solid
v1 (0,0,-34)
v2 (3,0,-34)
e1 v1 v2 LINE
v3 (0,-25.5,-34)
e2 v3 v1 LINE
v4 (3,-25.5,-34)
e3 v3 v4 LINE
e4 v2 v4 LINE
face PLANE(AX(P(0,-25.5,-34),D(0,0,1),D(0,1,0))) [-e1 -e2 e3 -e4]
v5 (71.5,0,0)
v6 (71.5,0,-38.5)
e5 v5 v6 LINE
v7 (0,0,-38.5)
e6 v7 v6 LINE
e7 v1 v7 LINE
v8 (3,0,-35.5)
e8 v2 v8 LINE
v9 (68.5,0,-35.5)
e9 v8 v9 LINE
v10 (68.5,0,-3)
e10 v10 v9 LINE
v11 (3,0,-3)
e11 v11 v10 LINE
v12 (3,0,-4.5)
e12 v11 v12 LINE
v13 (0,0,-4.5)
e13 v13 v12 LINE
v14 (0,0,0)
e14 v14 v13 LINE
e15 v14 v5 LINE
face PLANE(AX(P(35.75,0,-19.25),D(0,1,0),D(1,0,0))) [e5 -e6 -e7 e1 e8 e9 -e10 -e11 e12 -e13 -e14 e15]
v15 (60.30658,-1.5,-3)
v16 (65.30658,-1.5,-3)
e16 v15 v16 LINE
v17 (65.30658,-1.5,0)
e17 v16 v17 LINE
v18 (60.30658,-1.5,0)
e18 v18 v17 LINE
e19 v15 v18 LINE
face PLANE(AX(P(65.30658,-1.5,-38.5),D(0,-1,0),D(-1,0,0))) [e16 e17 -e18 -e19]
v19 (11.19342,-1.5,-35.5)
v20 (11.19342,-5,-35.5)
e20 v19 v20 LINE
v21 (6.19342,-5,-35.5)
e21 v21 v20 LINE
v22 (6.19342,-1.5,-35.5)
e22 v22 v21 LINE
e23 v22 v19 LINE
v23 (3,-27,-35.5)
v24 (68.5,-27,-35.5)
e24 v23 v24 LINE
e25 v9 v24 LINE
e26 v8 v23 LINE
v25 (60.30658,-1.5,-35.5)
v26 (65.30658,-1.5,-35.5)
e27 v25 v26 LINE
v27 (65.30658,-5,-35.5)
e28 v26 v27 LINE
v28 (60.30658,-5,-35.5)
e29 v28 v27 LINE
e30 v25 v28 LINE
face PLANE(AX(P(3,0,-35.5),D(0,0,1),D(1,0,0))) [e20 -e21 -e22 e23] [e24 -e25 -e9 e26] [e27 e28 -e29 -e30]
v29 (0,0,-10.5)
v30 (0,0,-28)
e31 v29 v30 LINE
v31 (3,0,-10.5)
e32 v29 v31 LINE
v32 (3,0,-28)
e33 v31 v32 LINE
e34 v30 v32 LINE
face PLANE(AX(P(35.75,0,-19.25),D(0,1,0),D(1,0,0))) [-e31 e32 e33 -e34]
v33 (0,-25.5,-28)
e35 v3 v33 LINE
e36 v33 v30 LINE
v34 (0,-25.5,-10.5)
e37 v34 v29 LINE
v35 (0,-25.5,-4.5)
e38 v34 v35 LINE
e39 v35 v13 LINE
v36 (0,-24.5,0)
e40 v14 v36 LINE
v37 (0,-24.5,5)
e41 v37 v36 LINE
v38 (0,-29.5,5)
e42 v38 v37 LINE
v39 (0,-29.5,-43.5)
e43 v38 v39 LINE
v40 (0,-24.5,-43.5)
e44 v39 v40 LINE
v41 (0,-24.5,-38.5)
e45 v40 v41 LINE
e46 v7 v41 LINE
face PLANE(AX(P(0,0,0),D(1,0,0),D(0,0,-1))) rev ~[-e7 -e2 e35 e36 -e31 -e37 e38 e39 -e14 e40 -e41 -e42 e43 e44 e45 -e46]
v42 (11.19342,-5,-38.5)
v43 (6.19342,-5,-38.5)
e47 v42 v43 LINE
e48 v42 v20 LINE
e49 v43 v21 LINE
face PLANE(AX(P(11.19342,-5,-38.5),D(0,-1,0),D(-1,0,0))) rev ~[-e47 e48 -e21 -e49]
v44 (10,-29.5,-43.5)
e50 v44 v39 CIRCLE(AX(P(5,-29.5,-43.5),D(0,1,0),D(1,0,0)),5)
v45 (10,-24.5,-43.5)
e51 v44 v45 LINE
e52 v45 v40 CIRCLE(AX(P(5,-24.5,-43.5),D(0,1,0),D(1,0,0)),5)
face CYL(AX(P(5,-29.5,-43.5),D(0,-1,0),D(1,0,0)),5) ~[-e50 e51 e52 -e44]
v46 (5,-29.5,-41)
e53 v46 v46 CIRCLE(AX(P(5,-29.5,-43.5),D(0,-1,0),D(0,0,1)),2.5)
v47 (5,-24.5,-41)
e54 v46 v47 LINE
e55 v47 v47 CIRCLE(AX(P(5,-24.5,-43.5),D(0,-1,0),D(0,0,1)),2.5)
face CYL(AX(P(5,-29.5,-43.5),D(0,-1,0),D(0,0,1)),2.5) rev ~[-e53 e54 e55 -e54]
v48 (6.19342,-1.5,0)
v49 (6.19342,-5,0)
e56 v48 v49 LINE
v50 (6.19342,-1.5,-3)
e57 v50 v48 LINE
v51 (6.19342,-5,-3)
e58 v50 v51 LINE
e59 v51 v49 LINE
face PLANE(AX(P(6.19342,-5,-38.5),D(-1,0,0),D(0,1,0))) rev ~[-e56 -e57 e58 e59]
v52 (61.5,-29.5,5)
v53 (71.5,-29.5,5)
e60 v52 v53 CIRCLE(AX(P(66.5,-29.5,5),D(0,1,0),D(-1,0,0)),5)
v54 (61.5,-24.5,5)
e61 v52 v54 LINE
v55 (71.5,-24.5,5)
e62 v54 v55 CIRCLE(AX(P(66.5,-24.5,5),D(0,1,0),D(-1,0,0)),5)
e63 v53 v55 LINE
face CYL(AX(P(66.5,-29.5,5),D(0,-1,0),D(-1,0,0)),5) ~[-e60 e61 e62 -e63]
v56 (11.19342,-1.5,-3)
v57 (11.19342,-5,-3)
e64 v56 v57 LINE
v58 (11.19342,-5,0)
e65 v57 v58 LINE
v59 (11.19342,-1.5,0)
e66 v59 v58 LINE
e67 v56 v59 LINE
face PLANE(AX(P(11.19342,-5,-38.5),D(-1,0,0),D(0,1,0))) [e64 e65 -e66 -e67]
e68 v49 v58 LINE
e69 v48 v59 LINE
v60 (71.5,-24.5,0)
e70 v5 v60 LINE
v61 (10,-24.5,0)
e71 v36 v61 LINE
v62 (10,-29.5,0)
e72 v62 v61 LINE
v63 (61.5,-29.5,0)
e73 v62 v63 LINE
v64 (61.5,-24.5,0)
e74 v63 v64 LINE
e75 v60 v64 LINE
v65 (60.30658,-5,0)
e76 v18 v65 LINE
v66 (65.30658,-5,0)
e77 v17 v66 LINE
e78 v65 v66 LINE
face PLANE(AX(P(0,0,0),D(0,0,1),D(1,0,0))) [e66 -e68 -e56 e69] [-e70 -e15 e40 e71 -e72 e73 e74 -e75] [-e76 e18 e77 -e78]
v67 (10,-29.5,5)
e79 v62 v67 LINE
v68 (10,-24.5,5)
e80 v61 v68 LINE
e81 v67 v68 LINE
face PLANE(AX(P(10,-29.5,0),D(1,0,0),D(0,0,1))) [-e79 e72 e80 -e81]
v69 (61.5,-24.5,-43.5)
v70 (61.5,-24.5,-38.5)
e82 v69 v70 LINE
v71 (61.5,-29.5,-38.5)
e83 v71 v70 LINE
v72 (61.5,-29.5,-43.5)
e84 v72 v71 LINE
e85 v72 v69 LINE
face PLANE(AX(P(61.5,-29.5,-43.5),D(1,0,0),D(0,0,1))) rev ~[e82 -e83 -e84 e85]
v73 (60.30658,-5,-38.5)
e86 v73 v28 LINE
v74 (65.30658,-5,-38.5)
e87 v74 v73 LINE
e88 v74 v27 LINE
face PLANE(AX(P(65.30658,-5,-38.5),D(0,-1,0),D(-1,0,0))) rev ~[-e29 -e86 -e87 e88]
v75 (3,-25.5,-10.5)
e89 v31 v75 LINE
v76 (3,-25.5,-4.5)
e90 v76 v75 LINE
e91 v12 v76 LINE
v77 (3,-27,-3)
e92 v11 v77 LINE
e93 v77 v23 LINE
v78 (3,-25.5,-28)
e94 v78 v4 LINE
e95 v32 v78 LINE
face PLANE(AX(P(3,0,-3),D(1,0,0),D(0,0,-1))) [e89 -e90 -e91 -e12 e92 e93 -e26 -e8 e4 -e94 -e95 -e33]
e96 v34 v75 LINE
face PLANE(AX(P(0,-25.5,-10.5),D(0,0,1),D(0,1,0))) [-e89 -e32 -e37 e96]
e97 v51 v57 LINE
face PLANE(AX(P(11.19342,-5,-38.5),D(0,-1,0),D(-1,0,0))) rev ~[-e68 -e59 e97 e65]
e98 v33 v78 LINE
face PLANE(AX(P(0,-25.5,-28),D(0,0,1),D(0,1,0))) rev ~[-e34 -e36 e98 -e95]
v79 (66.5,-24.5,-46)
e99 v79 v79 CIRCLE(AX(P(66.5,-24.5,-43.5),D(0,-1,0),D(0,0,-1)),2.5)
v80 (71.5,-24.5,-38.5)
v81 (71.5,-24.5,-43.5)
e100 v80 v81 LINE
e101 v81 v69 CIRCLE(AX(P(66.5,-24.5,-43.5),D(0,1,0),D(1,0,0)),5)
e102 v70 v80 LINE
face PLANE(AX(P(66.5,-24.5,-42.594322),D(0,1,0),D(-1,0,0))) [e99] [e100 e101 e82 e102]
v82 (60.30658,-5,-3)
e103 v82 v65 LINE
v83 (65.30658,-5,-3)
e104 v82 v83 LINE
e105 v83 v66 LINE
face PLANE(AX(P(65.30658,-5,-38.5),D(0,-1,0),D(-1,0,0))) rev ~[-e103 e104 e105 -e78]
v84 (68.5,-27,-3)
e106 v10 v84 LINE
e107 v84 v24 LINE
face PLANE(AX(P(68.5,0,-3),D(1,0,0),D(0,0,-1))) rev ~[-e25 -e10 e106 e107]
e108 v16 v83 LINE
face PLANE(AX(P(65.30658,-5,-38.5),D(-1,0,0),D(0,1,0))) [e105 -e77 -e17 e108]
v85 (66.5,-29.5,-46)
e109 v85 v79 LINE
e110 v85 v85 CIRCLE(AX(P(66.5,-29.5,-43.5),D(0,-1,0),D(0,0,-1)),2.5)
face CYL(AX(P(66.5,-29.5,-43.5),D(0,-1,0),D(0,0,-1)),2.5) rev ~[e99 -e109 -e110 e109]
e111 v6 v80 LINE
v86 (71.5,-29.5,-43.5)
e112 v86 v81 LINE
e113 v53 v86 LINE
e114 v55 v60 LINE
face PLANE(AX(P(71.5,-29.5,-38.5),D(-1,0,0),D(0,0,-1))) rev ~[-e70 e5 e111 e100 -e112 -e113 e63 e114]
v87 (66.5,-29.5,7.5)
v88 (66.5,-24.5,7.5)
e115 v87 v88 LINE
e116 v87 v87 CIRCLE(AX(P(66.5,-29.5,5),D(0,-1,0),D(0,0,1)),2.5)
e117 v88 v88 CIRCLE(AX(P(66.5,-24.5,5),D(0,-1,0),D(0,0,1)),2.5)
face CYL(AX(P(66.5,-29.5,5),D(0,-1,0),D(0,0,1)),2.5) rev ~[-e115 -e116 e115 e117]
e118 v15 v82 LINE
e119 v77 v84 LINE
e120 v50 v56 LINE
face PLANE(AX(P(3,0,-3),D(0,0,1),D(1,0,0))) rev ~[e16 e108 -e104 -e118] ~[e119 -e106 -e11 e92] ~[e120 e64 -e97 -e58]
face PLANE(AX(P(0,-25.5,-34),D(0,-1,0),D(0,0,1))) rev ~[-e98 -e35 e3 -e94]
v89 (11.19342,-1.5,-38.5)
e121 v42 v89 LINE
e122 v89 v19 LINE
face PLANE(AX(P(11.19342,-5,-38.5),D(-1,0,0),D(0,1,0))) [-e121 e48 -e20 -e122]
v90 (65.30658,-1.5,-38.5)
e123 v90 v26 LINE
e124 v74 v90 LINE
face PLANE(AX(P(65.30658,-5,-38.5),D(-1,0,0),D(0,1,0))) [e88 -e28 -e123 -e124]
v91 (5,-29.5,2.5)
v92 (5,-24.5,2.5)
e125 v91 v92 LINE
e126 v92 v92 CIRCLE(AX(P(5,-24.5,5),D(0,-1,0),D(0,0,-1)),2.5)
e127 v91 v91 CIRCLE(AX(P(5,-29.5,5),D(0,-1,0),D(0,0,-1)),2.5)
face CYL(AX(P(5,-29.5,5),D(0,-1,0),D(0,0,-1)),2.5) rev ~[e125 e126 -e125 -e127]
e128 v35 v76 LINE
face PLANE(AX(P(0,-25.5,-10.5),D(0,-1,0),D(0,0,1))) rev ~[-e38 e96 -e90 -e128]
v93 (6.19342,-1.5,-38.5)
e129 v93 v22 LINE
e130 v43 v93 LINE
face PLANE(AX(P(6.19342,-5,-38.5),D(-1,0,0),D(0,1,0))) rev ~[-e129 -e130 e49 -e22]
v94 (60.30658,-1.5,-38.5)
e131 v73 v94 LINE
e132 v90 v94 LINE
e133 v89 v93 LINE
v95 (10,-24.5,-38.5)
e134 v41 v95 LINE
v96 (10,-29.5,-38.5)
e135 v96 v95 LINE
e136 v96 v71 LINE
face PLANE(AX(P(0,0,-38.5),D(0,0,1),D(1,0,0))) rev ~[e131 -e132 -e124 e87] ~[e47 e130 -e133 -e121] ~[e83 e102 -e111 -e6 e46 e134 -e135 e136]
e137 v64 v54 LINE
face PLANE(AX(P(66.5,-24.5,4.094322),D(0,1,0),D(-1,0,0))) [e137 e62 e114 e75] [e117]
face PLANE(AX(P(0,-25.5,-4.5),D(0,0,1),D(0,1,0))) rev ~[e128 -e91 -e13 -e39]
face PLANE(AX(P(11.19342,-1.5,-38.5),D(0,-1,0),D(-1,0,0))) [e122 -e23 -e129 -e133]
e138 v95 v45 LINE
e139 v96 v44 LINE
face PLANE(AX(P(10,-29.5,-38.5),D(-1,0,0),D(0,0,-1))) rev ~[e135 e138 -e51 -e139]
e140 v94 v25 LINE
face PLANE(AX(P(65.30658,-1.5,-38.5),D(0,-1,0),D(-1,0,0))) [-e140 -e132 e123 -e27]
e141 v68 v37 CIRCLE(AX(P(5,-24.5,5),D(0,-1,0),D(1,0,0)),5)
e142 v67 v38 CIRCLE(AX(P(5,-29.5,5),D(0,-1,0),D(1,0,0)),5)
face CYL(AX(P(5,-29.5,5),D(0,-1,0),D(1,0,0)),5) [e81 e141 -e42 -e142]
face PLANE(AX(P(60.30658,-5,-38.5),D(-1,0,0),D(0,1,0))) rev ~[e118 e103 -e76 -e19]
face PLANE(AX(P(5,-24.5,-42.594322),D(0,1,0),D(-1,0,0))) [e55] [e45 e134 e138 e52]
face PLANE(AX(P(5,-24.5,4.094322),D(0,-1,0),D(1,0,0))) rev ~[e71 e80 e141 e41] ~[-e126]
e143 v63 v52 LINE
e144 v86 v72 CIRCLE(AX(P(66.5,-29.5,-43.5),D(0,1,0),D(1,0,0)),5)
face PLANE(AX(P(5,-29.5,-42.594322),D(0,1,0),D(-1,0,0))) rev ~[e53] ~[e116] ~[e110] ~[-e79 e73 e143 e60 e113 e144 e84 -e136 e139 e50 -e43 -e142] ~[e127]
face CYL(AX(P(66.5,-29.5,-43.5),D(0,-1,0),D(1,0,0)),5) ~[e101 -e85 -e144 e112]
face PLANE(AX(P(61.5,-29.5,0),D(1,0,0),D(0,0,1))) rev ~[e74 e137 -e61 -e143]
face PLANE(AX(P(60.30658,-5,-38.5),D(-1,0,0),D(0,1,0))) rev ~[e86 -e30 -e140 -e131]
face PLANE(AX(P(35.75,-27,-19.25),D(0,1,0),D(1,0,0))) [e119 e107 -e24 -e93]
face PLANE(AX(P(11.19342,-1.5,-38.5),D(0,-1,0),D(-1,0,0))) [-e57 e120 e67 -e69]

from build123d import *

# Parameters (mm, degrees)
SKETCH1_W           = 71.5
SKETCH1_H           = 38.5
BOSS_EXTRUDE1_DEPTH = 29.5
SKETCH1_4_W         = 65.5
SKETCH1_4_H         = 32.5
CUT_EXTRUDE1_DEPTH  = 27
SKETCH3_W           = 6
SKETCH3_H           = 25.5
CUT_EXTRUDE2_DEPTH  = 29
BOSS_EXTRUDE3_DEPTH = 5
BOSS_EXTRUDE4_DEPTH = 5
BOSS_EXTRUDE5_DEPTH = 5
BOSS_EXTRUDE6_DEPTH = 5
SKETCH5_9_R         = 2.5
CUT_EXTRUDE3_DEPTH  = 15
SKETCH5_10_R        = 2.5
CUT_EXTRUDE4_DEPTH  = 20
SKETCH5_11_R        = 2.5
CUT_EXTRUDE5_DEPTH  = 20
SKETCH5_12_R        = 2.5
CUT_EXTRUDE6_DEPTH  = 20
SKETCH4_W           = 5
SKETCH4_H           = 3.5
CUT_EXTRUDE7_DEPTH  = 63
SKETCH4_3_W         = 5
SKETCH4_3_H         = 3.5
CUT_EXTRUDE8_DEPTH  = 63


with BuildPart() as part:
    # Sketch1 → Boss-Extrude1 (new body)
    with BuildSketch(Plane(origin=(0, 0, 0), x_dir=(1, 0, 0), z_dir=(0, 1, 0))):
        with Locations((35.75, 19.25)):
            Rectangle(SKETCH1_W, SKETCH1_H)
    extrude(amount=-BOSS_EXTRUDE1_DEPTH)

    # Sketch1<4> → Cut-Extrude1 (cut)
    with BuildSketch(Plane(origin=(0, 0, 0), x_dir=(1, 0, 0), z_dir=(0, 1, 0))):
        with Locations((35.75, 19.25)):
            Rectangle(SKETCH1_4_W, SKETCH1_4_H)
    extrude(amount=-CUT_EXTRUDE1_DEPTH, mode=Mode.SUBTRACT)

    # Sketch3 → Cut-Extrude2 (cut)
    with BuildSketch(Plane.ZY):
        with Locations((-7.5, -12.75)):
            Rectangle(SKETCH3_W, SKETCH3_H)
        with Locations((-31, -12.75)):
            Rectangle(SKETCH3_W, SKETCH3_H)
    extrude(amount=-CUT_EXTRUDE2_DEPTH, mode=Mode.SUBTRACT)

    # Sketch5 → Boss-Extrude3 (add)
    with BuildSketch(Plane.XZ.offset(29.5)):
        with BuildLine():
            Line((61.5, 0), (61.5, 5))
            ThreePointArc((61.5, 5), (66.5, 10), (71.5, 5))
            Line((71.5, 5), (71.5, 0))
            Line((71.5, 0), (61.5, 0))
        make_face()
    extrude(amount=-BOSS_EXTRUDE3_DEPTH)

    # Sketch5<5> → Boss-Extrude4 (add)
    with BuildSketch(Plane.XZ.offset(29.5)):
        with BuildLine():
            Line((0, 0), (10, 0))
            Line((10, 0), (10, 5))
            ThreePointArc((10, 5), (5, 10), (0, 5))
            Line((0, 5), (0, 0))
        make_face()
    extrude(amount=-BOSS_EXTRUDE4_DEPTH)

    # Sketch5<7> → Boss-Extrude5 (add)
    with BuildSketch(Plane.XZ.offset(29.5)):
        with BuildLine():
            Line((71.5, -38.5), (71.5, -43.5))
            ThreePointArc((71.5, -43.5), (66.5, -48.5), (61.5, -43.5))
            Line((61.5, -43.5), (61.5, -38.5))
            Line((61.5, -38.5), (71.5, -38.5))
        make_face()
    extrude(amount=-BOSS_EXTRUDE5_DEPTH)

    # Sketch5<8> → Boss-Extrude6 (add)
    with BuildSketch(Plane.XZ.offset(29.5)):
        with BuildLine():
            Line((10, -38.5), (10, -43.5))
            ThreePointArc((10, -43.5), (5, -48.5), (0, -43.5))
            Line((0, -43.5), (0, -38.5))
            Line((0, -38.5), (10, -38.5))
        make_face()
    extrude(amount=-BOSS_EXTRUDE6_DEPTH)

    # Sketch5<9> → Cut-Extrude3 (cut)
    with BuildSketch(Plane.XZ.offset(29.5)):
        with Locations((66.5, 5)):
            Circle(SKETCH5_9_R)
    extrude(amount=-CUT_EXTRUDE3_DEPTH, mode=Mode.SUBTRACT)

    # Sketch5<10> → Cut-Extrude4 (cut)
    with BuildSketch(Plane.XZ.offset(29.5)):
        with Locations((5, 5)):
            Circle(SKETCH5_10_R)
    extrude(amount=-CUT_EXTRUDE4_DEPTH, mode=Mode.SUBTRACT)

    # Sketch5<11> → Cut-Extrude5 (cut)
    with BuildSketch(Plane.XZ.offset(29.5)):
        with Locations((5, -43.5)):
            Circle(SKETCH5_11_R)
    extrude(amount=-CUT_EXTRUDE5_DEPTH, mode=Mode.SUBTRACT)

    # Sketch5<12> → Cut-Extrude6 (cut)
    with BuildSketch(Plane.XZ.offset(29.5)):
        with Locations((66.5, -43.5)):
            Circle(SKETCH5_12_R)
    extrude(amount=-CUT_EXTRUDE6_DEPTH, mode=Mode.SUBTRACT)

    # Sketch4 → Cut-Extrude7 (cut)
    with BuildSketch(Plane(origin=(0, 0, -38.5), x_dir=(-1, 0, 0), z_dir=(0, 0, -1))):
        with Locations((-62.806579946, -3.25)):
            Rectangle(SKETCH4_W, SKETCH4_H)
    extrude(amount=-CUT_EXTRUDE7_DEPTH, mode=Mode.SUBTRACT)

    # Sketch4<3> → Cut-Extrude8 (cut)
    with BuildSketch(Plane(origin=(0, 0, -38.5), x_dir=(-1, 0, 0), z_dir=(0, 0, -1))):
        with Locations((-8.693420054, -3.25)):
            Rectangle(SKETCH4_3_W, SKETCH4_3_H)
    extrude(amount=-CUT_EXTRUDE8_DEPTH, mode=Mode.SUBTRACT)


solid = part.part
